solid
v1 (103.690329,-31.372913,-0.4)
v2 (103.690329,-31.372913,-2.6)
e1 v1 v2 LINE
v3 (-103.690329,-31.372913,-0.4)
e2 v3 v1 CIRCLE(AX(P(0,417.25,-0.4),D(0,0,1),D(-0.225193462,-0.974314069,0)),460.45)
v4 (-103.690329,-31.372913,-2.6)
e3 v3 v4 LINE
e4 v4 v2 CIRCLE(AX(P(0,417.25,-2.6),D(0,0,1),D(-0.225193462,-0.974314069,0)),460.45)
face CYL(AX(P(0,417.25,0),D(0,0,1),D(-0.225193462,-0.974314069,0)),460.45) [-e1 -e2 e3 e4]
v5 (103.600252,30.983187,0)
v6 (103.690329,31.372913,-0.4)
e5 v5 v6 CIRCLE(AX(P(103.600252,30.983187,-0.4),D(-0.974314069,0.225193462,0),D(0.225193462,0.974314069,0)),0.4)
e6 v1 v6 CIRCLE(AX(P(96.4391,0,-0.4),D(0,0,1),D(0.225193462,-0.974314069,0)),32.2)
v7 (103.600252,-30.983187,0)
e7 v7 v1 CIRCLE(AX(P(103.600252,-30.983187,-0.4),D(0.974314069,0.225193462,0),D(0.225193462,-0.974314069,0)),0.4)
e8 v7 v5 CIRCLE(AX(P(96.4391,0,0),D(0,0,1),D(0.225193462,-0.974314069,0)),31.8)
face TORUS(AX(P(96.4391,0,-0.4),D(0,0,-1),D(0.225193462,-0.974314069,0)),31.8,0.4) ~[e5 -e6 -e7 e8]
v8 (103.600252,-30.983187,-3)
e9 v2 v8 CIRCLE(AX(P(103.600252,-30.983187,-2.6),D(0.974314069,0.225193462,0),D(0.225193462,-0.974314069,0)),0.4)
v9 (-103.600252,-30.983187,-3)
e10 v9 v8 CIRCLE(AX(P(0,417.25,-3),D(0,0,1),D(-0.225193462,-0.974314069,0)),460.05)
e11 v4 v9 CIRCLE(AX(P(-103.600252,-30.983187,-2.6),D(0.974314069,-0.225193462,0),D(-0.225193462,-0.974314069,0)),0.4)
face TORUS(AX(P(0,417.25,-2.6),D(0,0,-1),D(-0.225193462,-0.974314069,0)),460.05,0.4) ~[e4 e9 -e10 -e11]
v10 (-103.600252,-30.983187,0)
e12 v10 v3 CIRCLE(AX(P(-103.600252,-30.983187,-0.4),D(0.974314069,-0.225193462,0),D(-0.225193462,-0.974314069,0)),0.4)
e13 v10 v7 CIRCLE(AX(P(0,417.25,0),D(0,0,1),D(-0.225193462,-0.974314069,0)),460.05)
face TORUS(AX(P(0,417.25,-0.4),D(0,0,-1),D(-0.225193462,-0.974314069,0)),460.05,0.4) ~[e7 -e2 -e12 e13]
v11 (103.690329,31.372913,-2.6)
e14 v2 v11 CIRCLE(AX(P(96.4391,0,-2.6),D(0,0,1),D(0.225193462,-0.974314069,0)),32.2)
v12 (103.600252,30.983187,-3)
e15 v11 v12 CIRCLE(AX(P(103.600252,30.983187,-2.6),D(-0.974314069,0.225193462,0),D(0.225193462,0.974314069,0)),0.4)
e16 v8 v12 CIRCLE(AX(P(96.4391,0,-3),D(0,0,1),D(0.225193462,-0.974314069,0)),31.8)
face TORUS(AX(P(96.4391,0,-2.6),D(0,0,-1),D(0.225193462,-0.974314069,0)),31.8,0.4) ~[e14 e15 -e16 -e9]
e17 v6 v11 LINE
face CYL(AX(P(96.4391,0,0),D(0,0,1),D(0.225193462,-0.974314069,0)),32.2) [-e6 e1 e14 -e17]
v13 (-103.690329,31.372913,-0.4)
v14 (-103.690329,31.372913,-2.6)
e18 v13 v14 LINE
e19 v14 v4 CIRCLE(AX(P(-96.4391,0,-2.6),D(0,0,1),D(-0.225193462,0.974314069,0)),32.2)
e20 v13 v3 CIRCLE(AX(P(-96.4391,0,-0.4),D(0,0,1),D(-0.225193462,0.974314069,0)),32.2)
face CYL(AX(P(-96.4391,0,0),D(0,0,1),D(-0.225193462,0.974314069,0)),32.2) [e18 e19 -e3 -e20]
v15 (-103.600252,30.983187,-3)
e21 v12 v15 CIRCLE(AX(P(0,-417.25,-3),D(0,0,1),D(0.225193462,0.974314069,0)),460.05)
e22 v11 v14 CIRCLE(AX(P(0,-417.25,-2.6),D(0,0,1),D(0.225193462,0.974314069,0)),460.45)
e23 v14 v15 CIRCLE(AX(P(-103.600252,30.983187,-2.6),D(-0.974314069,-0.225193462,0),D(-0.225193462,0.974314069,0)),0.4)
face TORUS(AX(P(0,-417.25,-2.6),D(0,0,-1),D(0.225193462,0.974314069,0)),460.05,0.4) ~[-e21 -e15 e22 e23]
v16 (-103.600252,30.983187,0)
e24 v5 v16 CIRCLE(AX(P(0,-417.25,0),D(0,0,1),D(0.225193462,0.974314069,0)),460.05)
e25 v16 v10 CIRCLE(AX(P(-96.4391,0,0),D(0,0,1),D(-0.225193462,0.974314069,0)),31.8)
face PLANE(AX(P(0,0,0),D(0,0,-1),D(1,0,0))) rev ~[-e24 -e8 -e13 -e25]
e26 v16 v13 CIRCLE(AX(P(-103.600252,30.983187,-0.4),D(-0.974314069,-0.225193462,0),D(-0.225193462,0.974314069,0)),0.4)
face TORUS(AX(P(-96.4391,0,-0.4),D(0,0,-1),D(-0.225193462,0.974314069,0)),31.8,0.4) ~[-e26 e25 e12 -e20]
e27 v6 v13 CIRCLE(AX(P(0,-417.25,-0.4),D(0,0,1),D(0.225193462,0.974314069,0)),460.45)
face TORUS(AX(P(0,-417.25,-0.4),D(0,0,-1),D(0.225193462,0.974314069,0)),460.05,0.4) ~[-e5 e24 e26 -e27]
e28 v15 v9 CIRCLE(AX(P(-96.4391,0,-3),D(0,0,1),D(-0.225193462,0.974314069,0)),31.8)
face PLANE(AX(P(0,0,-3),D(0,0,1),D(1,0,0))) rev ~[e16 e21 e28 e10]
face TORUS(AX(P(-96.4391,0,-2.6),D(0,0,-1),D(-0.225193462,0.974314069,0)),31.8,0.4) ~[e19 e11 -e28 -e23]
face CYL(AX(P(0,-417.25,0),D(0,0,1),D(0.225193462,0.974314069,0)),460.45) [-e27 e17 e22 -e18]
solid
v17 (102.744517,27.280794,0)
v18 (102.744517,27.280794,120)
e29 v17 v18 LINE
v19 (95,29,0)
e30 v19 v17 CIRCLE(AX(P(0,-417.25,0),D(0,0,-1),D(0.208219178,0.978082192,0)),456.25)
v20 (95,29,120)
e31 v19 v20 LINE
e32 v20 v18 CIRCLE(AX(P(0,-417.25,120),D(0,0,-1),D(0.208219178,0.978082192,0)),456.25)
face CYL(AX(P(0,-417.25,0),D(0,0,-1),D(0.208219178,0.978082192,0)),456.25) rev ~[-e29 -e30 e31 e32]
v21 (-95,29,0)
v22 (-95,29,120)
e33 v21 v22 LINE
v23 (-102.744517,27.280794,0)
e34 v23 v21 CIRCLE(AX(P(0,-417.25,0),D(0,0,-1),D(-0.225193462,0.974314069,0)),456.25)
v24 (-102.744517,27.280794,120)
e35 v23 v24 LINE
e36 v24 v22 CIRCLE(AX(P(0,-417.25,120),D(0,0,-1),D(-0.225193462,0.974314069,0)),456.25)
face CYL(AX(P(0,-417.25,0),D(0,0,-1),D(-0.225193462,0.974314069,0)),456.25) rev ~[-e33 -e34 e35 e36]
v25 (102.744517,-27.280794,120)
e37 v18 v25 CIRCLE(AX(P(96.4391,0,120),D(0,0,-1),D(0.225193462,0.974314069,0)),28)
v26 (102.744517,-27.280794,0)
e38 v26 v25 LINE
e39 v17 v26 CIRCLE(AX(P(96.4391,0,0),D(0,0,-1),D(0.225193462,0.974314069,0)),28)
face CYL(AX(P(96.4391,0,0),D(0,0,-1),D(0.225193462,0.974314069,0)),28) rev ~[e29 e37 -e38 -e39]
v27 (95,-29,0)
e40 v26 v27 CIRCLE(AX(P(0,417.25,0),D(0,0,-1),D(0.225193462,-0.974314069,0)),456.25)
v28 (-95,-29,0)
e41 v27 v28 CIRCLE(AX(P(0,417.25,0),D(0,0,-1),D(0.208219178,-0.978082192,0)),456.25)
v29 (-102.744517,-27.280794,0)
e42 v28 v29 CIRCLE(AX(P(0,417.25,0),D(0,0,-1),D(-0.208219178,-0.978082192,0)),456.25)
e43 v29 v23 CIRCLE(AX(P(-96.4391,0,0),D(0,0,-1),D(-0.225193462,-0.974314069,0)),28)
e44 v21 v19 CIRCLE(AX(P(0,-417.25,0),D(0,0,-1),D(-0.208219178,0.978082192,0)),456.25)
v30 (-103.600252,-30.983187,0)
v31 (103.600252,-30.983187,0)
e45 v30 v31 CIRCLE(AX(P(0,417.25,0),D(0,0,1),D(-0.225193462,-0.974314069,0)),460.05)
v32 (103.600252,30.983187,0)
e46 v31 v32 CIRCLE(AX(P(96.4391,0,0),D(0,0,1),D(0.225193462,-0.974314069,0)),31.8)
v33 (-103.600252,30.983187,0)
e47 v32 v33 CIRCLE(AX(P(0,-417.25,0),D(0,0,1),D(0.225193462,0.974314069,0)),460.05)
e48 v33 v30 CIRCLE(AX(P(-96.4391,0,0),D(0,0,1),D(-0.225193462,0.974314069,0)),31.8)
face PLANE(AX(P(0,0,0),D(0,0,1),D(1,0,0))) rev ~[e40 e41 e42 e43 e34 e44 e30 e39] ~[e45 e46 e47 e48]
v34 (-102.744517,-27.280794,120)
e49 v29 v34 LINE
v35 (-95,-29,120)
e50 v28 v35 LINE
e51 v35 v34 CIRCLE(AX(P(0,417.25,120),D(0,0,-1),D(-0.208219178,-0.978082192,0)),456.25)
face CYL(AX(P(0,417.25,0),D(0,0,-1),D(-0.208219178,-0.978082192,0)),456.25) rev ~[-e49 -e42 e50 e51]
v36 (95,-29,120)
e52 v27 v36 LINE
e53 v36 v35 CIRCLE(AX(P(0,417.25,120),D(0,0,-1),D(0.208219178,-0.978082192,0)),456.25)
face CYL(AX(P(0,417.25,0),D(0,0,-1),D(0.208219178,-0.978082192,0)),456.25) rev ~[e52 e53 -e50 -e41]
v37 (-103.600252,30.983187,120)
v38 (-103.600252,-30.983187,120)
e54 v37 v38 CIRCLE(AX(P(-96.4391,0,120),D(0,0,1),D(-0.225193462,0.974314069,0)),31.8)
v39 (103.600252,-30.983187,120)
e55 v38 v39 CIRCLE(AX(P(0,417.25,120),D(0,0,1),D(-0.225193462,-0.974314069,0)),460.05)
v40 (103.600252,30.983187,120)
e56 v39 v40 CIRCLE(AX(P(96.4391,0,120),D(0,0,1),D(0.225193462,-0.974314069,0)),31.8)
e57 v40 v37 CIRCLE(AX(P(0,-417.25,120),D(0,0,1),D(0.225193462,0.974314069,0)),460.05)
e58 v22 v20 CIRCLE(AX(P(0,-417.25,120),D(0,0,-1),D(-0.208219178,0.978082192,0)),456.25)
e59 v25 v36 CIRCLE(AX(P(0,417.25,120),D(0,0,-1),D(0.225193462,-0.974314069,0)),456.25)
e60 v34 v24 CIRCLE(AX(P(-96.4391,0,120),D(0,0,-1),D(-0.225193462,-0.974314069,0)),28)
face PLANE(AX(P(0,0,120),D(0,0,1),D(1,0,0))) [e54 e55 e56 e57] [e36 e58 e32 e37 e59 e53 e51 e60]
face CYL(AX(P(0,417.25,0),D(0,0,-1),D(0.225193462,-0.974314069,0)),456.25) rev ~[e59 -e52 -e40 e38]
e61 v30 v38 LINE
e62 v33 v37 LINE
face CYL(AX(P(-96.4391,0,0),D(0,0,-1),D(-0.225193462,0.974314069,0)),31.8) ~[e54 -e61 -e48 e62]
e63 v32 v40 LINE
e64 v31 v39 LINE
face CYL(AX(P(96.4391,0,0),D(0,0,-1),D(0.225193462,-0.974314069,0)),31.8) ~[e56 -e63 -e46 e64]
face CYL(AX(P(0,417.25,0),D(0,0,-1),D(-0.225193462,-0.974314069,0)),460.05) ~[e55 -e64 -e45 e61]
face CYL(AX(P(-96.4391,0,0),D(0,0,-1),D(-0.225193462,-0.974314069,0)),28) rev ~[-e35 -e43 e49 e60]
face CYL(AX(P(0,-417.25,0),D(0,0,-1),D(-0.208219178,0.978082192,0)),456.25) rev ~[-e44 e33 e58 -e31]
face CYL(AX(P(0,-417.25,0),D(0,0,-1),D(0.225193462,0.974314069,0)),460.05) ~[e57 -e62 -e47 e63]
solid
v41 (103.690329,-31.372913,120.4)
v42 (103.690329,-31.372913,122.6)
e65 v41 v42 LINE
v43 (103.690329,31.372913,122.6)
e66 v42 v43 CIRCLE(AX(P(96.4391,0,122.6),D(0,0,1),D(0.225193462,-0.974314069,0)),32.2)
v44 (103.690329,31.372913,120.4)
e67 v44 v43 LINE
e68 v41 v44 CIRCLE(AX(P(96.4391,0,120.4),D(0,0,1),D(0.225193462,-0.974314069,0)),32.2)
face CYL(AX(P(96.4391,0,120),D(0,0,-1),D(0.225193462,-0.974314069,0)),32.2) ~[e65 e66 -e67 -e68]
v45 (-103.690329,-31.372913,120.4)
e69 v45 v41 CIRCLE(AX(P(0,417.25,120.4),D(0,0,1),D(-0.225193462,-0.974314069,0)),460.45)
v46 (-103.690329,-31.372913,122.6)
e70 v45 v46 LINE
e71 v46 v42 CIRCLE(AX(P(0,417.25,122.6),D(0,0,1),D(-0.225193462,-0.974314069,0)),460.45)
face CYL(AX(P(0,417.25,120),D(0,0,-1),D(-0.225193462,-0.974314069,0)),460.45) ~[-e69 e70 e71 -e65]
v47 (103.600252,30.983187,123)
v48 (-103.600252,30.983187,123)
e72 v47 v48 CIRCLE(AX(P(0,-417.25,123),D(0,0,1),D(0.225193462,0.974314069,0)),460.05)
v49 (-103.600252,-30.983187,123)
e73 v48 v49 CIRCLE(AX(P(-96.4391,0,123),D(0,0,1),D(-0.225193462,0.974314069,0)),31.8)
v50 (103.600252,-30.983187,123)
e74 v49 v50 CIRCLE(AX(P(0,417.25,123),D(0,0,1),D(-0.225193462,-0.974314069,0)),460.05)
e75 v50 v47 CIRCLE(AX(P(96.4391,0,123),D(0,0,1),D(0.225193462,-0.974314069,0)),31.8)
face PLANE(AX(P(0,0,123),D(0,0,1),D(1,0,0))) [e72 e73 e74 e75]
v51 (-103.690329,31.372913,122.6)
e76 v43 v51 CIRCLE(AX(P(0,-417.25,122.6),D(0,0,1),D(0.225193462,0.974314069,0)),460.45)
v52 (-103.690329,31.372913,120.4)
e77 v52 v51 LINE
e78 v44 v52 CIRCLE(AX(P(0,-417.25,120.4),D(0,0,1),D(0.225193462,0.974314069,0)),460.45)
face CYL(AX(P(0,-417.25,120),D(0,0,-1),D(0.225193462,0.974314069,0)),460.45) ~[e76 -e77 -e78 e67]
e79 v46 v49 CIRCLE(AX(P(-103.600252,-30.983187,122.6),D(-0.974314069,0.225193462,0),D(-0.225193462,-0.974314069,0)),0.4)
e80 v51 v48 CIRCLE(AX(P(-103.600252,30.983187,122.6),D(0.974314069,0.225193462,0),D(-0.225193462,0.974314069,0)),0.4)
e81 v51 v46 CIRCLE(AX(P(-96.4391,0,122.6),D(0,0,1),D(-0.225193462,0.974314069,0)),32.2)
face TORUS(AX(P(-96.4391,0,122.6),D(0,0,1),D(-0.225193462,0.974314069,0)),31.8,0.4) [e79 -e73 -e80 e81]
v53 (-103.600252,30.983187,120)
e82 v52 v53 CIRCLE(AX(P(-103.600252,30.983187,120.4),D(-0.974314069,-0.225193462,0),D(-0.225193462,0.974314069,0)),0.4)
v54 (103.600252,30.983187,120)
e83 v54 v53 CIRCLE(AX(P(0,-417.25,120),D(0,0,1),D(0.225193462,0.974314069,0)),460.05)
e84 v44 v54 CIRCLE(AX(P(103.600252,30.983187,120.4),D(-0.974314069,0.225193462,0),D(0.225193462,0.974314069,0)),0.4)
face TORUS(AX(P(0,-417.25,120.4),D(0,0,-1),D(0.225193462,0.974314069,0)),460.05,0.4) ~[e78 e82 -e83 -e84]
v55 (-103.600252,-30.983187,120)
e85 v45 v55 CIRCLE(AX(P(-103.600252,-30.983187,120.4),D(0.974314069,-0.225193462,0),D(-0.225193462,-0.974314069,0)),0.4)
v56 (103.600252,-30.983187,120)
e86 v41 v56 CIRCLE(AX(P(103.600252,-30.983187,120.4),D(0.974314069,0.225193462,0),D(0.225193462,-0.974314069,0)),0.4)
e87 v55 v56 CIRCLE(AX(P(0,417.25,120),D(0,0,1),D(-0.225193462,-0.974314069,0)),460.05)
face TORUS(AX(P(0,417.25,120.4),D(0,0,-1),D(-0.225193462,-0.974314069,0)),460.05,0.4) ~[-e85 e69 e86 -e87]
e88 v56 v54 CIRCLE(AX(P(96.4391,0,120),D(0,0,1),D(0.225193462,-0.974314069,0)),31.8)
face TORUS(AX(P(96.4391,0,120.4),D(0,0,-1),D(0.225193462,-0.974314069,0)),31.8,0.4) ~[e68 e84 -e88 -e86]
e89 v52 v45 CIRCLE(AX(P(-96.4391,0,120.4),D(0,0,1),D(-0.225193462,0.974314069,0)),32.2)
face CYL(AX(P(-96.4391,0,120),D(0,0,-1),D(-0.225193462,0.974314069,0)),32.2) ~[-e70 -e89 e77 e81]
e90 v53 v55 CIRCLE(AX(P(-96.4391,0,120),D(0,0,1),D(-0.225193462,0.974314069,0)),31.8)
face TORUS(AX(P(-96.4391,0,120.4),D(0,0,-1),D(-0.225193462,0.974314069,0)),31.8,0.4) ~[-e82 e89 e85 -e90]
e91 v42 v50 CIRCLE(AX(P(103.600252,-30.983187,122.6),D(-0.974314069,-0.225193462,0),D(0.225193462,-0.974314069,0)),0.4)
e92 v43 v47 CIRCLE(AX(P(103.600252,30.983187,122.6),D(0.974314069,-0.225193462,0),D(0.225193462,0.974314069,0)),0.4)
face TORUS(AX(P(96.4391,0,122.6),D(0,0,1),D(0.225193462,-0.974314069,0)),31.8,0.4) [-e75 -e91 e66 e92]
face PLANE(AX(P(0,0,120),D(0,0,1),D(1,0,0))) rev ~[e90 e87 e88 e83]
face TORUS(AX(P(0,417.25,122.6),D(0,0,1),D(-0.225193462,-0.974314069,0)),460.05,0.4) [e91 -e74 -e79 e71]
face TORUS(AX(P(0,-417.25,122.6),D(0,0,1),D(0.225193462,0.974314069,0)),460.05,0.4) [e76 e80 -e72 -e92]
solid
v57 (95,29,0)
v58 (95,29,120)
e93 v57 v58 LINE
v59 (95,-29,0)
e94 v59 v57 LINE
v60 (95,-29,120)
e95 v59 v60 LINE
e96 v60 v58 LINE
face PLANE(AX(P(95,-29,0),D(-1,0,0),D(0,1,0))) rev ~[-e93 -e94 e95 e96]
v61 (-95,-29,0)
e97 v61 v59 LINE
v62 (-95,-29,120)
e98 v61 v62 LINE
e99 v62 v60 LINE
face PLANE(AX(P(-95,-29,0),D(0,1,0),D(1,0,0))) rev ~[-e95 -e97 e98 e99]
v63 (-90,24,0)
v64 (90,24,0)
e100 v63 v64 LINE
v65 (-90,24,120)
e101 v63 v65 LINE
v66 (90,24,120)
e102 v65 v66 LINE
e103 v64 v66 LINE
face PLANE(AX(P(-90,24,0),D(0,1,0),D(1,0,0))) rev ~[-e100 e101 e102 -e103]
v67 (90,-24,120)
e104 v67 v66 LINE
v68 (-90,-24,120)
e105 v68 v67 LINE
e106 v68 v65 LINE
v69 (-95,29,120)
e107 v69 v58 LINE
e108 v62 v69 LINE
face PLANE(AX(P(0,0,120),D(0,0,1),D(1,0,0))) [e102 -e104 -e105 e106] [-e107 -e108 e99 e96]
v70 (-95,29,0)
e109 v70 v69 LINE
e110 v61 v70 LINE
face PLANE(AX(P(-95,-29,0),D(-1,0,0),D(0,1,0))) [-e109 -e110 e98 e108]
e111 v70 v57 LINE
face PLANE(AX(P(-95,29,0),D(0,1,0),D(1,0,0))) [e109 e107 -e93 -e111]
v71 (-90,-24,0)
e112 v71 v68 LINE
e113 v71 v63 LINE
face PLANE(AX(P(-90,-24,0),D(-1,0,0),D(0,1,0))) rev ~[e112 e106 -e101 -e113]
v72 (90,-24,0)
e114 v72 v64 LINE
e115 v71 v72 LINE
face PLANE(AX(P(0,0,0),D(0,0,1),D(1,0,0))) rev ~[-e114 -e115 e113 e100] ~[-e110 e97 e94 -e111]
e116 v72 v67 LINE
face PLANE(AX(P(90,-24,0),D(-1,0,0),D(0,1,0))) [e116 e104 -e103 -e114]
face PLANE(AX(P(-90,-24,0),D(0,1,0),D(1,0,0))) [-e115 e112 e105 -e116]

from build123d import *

# Parameters (mm, degrees)
F1_DEPTH = 120
F0_W     = 190
F0_H     = 58
F0_W_2   = 180
F0_H_2   = 48
F2_DEPTH = 3
F6_DEPTH = 3
F7_R     = 0.4
F7_2_R   = 0.4


with BuildPart() as f1:
    # F0 (on Top) → F1 (new body)
    with BuildSketch(Plane.XY):
        with BuildLine():
            ThreePointArc((103.600252035, -30.9831873905), (128.2390999543, 0), (103.600252035, 30.9831873905))
            ThreePointArc((103.600252035, 30.9831873905), (0, 42.8), (-103.600252035, 30.9831873905))
            ThreePointArc((-103.600252035, 30.9831873905), (-128.2390999543, 0), (-103.600252035, -30.9831873905))
            ThreePointArc((-103.600252035, -30.9831873905), (0, -42.8), (103.600252035, -30.9831873905))
        make_face()
        with BuildLine():
            ThreePointArc((-95, 29), (0, 39), (95, 29))
            ThreePointArc((95, 29), (98.8759950973, 28.157229503), (102.7445168807, 27.2807939288))
            ThreePointArc((102.7445168807, 27.2807939288), (124.4390999543, 0), (102.7445168807, -27.2807939288))
            ThreePointArc((102.7445168807, -27.2807939288), (98.8759950973, -28.157229503), (95, -29))
            ThreePointArc((95, -29), (0, -39), (-95, -29))
            ThreePointArc((-95, -29), (-98.8759950973, -28.157229503), (-102.7445168807, -27.2807939288))
            ThreePointArc((-102.7445168807, -27.2807939288), (-124.4390999543, 0), (-102.7445168807, 27.2807939288))
            ThreePointArc((-102.7445168807, 27.2807939288), (-98.8759950973, 28.157229503), (-95, 29))
        make_face(mode=Mode.SUBTRACT)
    extrude(amount=F1_DEPTH)


with BuildPart() as f1b:
    # F0 (on Top) → F1, piece 2 (new body)
    with BuildSketch(Plane.XY):
        Rectangle(F0_W, F0_H)
        Rectangle(F0_W_2, F0_H_2, mode=Mode.SUBTRACT)
    extrude(amount=F1_DEPTH)


with BuildPart() as f2:
    # F0 (on Top) + F1_face (on face) → F2 (new body)
    with BuildSketch(Plane.XY):
        with BuildLine():
            ThreePointArc((103.6903294197, -31.3729130181), (128.6390999543, 0), (103.6903294197, 31.3729130181))
            ThreePointArc((103.6903294197, 31.3729130181), (0, 43.2), (-103.6903294197, 31.3729130181))
            ThreePointArc((-103.6903294197, 31.3729130181), (-128.6390999543, 0), (-103.6903294197, -31.3729130181))
            ThreePointArc((-103.6903294197, -31.3729130181), (0, -43.2), (103.6903294197, -31.3729130181))
        make_face()
        with BuildLine():
            ThreePointArc((-103.600252035, 30.9831873905), (0, 42.8), (103.600252035, 30.9831873905))
            ThreePointArc((103.600252035, 30.9831873905), (128.2390999543, 0), (103.600252035, -30.9831873905))
            ThreePointArc((103.600252035, -30.9831873905), (0, -42.8), (-103.600252035, -30.9831873905))
            ThreePointArc((-103.600252035, -30.9831873905), (-128.2390999543, 0), (-103.600252035, 30.9831873905))
        make_face(mode=Mode.SUBTRACT)
        with BuildLine():
            ThreePointArc((102.7445168807, 27.2807939288), (98.8759950973, 28.157229503), (95, 29))
            Line((95, 29), (95, -29))
            ThreePointArc((95, -29), (98.8759950973, -28.157229503), (102.7445168807, -27.2807939288))
            ThreePointArc((102.7445168807, -27.2807939288), (124.4390999543, 0), (102.7445168807, 27.2807939288))
        make_face()
        with BuildLine():
            Line((-95, 29), (95, 29))
            ThreePointArc((95, 29), (0, 39), (-95, 29))
        make_face()
        Rectangle(F0_W, F0_H)
        Rectangle(F0_W_2, F0_H_2, mode=Mode.SUBTRACT)
        Rectangle(F0_W_2, F0_H_2)
        with BuildLine():
            ThreePointArc((-95, -29), (0, -39), (95, -29))
            Line((95, -29), (-95, -29))
        make_face()
        with BuildLine():
            Line((-95, -29), (-95, 29))
            ThreePointArc((-95, 29), (-98.8759950973, 28.157229503), (-102.7445168807, 27.2807939288))
            ThreePointArc((-102.7445168807, 27.2807939288), (-124.4390999543, 0), (-102.7445168807, -27.2807939288))
            ThreePointArc((-102.7445168807, -27.2807939288), (-98.8759950973, -28.157229503), (-95, -29))
        make_face()
    with BuildSketch(Plane(origin=(0, -1e-10, 0), x_dir=(1, 0, 0), z_dir=(0, 0, -1))):
        with BuildLine():
            ThreePointArc((103.600252035, 30.9831873904), (0, 42.7999999999), (-103.600252035, 30.9831873904))
            ThreePointArc((-103.600252035, 30.9831873904), (-128.2390999543, -1e-10), (-103.600252035, -30.9831873907))
            ThreePointArc((-103.600252035, -30.9831873907), (0, -42.8000000001), (103.600252035, -30.9831873907))
            ThreePointArc((103.600252035, -30.9831873907), (128.2390999543, -1e-10), (103.600252035, 30.9831873904))
        make_face()
        with BuildLine():
            ThreePointArc((-102.7445168807, -27.2807939289), (-124.4390999543, -1e-10), (-102.7445168807, 27.2807939287))
            ThreePointArc((-102.7445168807, 27.2807939286), (0, 38.9999999999), (102.7445168807, 27.2807939287))
            ThreePointArc((102.7445168807, 27.2807939287), (124.4390999543, -1e-10), (102.7445168807, -27.2807939289))
            ThreePointArc((102.7445168807, -27.2807939289), (0, -39.0000000001), (-102.7445168807, -27.2807939289))
        make_face(mode=Mode.SUBTRACT)
    extrude(amount=-F2_DEPTH, dir=(0, 0, 1))

    # F3: union 

    # F4: union 

    # F7#2
    f7_2_edges = [f2.edges().sort_by_distance(p)[0] for p in [
        (-128.6391, 0, 0),
        (0, -43.2, 0),
        (128.6391, 0, 0),
        (0, 43.2, 0),
        (-128.6391, 0, -3),
        (0, -43.2, -3),
        (128.6391, 0, -3),
        (0, 43.2, -3),
    ]]
    fillet(f7_2_edges, radius=F7_2_R)


with BuildPart() as f6:
    # F5 (on face) → F6 (new body)
    with BuildSketch(Plane.XY.offset(120)):
        with BuildLine():
            ThreePointArc((-103.6903294197, 31.3729130181), (-128.6390999543, 0), (-103.6903294197, -31.3729130181))
            ThreePointArc((-103.6903294197, -31.3729130181), (0, -43.2), (103.6903294197, -31.3729130181))
            ThreePointArc((103.6903294197, -31.3729130181), (128.6390999543, 0), (103.6903294197, 31.3729130181))
            ThreePointArc((103.6903294197, 31.3729130181), (0, 43.2), (-103.6903294197, 31.3729130181))
        make_face()
    extrude(amount=F6_DEPTH)

    # F7
    f7_edges = [f6.edges().sort_by_distance(p)[0] for p in [
        (-128.6391, 0, 123),
        (0, -43.2, 123),
        (128.6391, 0, 123),
        (0, 43.2, 123),
        (-128.6391, 0, 120),
        (0, -43.2, 120),
        (128.6391, 0, 120),
        (0, 43.2, 120),
    ]]
    fillet(f7_edges, radius=F7_R)


solid = Compound([f1.part, f1b.part, f2.part, f6.part])
